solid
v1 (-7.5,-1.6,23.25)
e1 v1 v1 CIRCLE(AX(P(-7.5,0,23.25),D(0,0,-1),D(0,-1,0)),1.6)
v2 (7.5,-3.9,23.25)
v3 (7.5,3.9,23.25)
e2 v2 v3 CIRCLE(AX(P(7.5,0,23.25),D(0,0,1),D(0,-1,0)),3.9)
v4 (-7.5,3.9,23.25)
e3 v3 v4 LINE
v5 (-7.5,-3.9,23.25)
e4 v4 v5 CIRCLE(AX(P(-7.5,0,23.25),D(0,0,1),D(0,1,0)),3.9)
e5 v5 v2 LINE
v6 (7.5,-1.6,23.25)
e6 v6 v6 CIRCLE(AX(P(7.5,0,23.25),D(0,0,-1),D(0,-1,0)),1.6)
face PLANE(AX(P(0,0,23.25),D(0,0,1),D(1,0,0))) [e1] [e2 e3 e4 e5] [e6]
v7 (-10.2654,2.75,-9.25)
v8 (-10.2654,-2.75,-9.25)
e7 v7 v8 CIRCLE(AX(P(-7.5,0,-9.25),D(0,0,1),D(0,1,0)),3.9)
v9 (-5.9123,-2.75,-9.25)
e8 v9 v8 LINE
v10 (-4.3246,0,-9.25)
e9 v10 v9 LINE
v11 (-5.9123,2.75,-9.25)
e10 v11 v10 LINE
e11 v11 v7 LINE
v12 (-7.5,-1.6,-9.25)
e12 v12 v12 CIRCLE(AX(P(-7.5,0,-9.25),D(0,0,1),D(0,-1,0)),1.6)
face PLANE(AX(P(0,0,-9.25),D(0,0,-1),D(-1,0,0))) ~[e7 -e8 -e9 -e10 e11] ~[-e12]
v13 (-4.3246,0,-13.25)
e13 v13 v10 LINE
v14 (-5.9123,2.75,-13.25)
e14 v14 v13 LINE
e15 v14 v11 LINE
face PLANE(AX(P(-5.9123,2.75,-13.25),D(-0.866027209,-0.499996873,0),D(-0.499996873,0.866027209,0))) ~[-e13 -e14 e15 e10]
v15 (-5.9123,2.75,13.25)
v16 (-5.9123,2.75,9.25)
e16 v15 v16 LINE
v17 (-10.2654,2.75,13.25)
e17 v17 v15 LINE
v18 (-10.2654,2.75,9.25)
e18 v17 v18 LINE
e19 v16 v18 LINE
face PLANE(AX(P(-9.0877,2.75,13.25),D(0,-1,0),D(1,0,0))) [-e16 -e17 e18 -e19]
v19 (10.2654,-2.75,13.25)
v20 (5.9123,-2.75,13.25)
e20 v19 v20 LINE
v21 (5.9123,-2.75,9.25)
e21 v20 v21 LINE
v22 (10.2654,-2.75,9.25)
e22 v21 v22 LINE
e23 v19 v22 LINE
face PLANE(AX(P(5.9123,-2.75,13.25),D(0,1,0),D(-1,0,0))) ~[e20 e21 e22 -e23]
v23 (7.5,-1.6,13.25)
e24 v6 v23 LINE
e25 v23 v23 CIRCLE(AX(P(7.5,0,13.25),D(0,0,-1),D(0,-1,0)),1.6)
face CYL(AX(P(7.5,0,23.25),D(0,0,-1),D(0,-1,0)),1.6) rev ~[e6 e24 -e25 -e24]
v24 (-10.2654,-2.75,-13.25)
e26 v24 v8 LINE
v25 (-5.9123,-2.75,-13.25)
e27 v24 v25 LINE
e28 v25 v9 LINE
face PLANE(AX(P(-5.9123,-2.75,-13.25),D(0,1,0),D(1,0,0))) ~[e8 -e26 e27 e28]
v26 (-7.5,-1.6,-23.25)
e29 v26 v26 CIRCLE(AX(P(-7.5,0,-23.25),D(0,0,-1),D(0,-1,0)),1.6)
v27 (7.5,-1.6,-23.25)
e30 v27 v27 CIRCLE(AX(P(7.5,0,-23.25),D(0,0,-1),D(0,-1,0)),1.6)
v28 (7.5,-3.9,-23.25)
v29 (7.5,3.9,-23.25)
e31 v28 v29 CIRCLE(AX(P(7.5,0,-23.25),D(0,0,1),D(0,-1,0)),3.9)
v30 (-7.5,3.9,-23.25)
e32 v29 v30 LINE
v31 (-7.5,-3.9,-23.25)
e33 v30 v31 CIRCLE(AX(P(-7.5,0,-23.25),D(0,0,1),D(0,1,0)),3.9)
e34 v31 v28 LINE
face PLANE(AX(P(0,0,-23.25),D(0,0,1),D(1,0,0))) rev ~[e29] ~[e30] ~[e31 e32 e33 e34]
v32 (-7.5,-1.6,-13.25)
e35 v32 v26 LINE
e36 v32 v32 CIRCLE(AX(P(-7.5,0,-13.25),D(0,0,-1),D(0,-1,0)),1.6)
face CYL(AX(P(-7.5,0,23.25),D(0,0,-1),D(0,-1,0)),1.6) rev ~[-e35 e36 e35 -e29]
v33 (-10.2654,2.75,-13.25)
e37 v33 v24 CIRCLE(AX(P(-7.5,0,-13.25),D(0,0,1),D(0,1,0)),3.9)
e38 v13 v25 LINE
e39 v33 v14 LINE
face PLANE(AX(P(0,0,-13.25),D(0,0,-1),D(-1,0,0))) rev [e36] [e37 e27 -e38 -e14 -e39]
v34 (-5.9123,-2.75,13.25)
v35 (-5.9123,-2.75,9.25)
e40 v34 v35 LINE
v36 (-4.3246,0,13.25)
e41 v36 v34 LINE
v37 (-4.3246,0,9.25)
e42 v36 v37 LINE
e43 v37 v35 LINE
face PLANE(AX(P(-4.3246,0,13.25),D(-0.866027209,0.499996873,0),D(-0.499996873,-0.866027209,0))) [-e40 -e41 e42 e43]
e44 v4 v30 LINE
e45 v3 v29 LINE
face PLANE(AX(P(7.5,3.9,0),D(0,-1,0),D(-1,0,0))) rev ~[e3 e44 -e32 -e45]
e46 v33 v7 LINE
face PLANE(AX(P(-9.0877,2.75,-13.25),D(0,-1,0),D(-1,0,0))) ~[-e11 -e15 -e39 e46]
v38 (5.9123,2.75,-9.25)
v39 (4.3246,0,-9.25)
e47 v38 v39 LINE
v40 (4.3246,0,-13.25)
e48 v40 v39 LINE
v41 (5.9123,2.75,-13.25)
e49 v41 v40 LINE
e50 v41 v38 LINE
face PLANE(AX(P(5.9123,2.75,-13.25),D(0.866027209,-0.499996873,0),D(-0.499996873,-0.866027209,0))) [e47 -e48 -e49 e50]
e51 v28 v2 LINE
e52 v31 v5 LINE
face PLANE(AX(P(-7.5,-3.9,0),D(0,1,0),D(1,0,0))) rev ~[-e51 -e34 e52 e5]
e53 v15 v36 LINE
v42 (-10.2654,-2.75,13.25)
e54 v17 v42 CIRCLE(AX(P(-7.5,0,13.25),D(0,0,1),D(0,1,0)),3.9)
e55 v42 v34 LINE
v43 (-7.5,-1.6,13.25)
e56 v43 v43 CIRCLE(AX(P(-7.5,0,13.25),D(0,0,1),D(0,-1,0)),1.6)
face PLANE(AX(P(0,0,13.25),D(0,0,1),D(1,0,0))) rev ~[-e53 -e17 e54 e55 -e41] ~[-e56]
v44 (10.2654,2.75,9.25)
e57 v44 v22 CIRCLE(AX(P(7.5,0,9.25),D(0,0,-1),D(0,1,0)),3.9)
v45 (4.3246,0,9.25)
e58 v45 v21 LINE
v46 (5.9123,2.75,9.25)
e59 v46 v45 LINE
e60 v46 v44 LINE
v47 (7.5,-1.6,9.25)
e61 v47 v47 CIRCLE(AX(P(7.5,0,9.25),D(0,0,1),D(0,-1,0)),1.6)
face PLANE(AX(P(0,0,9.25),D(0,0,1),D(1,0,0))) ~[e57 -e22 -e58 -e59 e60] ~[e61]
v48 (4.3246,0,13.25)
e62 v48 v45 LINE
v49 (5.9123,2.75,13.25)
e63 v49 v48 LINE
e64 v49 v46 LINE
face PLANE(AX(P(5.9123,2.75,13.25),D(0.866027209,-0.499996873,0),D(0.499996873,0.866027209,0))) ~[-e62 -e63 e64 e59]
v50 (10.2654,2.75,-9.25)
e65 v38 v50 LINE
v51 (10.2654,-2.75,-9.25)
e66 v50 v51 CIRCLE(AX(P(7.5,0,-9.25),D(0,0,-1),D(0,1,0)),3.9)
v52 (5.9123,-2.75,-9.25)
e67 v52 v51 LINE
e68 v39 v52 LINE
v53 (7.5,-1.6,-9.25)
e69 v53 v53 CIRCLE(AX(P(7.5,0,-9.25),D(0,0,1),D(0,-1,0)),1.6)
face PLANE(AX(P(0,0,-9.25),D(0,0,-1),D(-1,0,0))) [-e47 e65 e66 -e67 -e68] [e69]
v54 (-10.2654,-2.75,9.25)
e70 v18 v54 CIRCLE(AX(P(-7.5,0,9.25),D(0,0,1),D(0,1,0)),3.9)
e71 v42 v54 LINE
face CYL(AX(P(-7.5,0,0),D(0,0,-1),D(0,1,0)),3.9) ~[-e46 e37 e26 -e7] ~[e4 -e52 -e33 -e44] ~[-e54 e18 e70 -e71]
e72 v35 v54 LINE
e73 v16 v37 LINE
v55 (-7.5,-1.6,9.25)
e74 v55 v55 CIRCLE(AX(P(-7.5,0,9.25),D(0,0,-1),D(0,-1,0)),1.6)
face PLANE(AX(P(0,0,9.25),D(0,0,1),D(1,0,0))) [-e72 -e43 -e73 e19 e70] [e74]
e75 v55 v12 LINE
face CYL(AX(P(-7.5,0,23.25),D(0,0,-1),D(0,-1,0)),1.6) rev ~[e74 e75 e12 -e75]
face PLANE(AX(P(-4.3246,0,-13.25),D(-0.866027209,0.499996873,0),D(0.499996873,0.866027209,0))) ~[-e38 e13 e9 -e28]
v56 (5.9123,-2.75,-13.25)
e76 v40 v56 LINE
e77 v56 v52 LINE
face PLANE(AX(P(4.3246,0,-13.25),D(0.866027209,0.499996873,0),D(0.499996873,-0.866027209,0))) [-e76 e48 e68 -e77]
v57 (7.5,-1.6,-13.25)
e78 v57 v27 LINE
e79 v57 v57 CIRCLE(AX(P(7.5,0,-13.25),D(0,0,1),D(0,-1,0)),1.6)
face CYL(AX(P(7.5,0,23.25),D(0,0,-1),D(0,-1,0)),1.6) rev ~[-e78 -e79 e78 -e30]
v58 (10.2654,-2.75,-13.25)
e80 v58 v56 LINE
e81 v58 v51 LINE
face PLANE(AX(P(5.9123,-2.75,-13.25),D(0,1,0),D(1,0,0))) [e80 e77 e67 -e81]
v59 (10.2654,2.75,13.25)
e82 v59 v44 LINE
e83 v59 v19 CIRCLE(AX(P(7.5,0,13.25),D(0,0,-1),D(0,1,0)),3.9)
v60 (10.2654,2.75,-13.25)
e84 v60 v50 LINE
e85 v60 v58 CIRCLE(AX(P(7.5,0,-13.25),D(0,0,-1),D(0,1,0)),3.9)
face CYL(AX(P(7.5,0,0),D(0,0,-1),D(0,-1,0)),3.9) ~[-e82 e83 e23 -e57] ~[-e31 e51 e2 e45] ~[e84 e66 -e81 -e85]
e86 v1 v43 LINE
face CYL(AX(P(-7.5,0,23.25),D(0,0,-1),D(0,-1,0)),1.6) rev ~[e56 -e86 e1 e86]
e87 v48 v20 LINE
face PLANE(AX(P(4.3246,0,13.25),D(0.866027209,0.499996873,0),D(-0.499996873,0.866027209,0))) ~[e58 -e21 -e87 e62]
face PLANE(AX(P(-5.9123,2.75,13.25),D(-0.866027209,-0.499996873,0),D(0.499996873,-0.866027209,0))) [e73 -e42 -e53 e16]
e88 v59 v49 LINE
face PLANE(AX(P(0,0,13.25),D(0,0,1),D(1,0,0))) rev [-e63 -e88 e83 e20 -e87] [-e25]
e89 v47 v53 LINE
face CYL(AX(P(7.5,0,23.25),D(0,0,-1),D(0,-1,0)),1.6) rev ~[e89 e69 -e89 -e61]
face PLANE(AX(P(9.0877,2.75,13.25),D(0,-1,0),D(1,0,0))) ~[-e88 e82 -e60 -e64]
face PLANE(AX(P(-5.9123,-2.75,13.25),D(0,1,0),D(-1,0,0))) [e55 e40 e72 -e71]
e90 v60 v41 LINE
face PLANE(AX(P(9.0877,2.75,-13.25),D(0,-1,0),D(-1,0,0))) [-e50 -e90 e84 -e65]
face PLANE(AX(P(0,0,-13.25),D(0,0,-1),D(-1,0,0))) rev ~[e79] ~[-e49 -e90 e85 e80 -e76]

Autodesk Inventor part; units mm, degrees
ref_plane "YZ Plane" through (0, 0, 0) normal (1, 0, 0) x (0, 1, 0)
ref_plane "XZ Plane" through (0, 0, 0) normal (0, 1, 0) x (-1, 0, 0)
sketch "Sketch1" plane through (0, 0, 0) normal (0, 0, 1) x (1, 0, 0)
  line L0 (-7.5, 0) -> (7.5, 0) construction
  line L1 (-7.5, -3.9) -> (7.5, -3.9)
  line L2 (7.5, 3.9) -> (-7.5, 3.9)
  arc A0 (-7.5, 3.9) -> (-7.5, -3.9) centre (-7.5, 0) ccw
  arc A1 (7.5, -3.9) -> (7.5, 3.9) centre (7.5, 0) ccw
  point P0 (0, 0)
  point P1 (0, 0)
  dimension "d0" = 3.9
  dimension "d1" = 15
extrude "Extrusion1" add sketch "Sketch1" along normal mid plane 46.5
sketch "Sketch2" plane through (0, 0, 23.25) normal (0, 0, 1) x (1, 0, 0)
  arc A0 (-7.5, 3.9) -> (-7.5, -3.9) centre (-7.5, 0) ccw projected
  arc A1 (7.5, -3.9) -> (7.5, 3.9) centre (7.5, 0) ccw projected
  point P0 (0, 0)
hole "Hole1" at (-7.5, 0, 23.25) at (7.5, 0, 23.25) direction (0, 0, -1) diameter 3.2 end through all clearance for "Flat Head Machine Screw" size "M3" standard "Ansi Metric M Profile"
ref_plane "Work Plane1" through (0, 0, 13.25) normal (0, 0, 1) x (1, 0, 0)
sketch "Sketch3" plane through (0, 0, 13.25) normal (0, 0, 1) x (1, 0, 0)
  circle A0 centre (-7.5, 0) radius 1.6 projected
  line L0 (-9.0877, 2.75) -> (-5.9123, 2.75)
  line L1 (-5.9123, 2.75) -> (-4.3246, 0)
  line L2 (-4.3246, 0) -> (-5.9123, -2.75)
  line L3 (-5.9123, -2.75) -> (-9.0877, -2.75)
  line L4 (-9.0877, -2.75) -> (-10.6754, 0)
  line L5 (-10.6754, 0) -> (-9.0877, 2.75)
  line L6 (-9.0877, 2.75) -> (-10.2654, 2.75)
  arc A1 (-7.5, 3.9) -> (-7.5, -3.9) centre (-7.5, 0) ccw projected
  line L7 (-9.0877, -2.75) -> (-10.2654, -2.75)
  point P0 (0, 0)
  dimension "d12" = 5.5
extrude "Extrusion2" cut sketch "Sketch3" against normal blind 4
mirror "Mirror1" about plane through (0, 0, 0) normal (1, 0, 0) of "Extrusion2"
mirror "Mirror2" about plane through (0, 0, 0) normal (0, 0, 1) of "Extrusion2", "Mirror1"
properties part number "Standoff" material "PET Plastic"
